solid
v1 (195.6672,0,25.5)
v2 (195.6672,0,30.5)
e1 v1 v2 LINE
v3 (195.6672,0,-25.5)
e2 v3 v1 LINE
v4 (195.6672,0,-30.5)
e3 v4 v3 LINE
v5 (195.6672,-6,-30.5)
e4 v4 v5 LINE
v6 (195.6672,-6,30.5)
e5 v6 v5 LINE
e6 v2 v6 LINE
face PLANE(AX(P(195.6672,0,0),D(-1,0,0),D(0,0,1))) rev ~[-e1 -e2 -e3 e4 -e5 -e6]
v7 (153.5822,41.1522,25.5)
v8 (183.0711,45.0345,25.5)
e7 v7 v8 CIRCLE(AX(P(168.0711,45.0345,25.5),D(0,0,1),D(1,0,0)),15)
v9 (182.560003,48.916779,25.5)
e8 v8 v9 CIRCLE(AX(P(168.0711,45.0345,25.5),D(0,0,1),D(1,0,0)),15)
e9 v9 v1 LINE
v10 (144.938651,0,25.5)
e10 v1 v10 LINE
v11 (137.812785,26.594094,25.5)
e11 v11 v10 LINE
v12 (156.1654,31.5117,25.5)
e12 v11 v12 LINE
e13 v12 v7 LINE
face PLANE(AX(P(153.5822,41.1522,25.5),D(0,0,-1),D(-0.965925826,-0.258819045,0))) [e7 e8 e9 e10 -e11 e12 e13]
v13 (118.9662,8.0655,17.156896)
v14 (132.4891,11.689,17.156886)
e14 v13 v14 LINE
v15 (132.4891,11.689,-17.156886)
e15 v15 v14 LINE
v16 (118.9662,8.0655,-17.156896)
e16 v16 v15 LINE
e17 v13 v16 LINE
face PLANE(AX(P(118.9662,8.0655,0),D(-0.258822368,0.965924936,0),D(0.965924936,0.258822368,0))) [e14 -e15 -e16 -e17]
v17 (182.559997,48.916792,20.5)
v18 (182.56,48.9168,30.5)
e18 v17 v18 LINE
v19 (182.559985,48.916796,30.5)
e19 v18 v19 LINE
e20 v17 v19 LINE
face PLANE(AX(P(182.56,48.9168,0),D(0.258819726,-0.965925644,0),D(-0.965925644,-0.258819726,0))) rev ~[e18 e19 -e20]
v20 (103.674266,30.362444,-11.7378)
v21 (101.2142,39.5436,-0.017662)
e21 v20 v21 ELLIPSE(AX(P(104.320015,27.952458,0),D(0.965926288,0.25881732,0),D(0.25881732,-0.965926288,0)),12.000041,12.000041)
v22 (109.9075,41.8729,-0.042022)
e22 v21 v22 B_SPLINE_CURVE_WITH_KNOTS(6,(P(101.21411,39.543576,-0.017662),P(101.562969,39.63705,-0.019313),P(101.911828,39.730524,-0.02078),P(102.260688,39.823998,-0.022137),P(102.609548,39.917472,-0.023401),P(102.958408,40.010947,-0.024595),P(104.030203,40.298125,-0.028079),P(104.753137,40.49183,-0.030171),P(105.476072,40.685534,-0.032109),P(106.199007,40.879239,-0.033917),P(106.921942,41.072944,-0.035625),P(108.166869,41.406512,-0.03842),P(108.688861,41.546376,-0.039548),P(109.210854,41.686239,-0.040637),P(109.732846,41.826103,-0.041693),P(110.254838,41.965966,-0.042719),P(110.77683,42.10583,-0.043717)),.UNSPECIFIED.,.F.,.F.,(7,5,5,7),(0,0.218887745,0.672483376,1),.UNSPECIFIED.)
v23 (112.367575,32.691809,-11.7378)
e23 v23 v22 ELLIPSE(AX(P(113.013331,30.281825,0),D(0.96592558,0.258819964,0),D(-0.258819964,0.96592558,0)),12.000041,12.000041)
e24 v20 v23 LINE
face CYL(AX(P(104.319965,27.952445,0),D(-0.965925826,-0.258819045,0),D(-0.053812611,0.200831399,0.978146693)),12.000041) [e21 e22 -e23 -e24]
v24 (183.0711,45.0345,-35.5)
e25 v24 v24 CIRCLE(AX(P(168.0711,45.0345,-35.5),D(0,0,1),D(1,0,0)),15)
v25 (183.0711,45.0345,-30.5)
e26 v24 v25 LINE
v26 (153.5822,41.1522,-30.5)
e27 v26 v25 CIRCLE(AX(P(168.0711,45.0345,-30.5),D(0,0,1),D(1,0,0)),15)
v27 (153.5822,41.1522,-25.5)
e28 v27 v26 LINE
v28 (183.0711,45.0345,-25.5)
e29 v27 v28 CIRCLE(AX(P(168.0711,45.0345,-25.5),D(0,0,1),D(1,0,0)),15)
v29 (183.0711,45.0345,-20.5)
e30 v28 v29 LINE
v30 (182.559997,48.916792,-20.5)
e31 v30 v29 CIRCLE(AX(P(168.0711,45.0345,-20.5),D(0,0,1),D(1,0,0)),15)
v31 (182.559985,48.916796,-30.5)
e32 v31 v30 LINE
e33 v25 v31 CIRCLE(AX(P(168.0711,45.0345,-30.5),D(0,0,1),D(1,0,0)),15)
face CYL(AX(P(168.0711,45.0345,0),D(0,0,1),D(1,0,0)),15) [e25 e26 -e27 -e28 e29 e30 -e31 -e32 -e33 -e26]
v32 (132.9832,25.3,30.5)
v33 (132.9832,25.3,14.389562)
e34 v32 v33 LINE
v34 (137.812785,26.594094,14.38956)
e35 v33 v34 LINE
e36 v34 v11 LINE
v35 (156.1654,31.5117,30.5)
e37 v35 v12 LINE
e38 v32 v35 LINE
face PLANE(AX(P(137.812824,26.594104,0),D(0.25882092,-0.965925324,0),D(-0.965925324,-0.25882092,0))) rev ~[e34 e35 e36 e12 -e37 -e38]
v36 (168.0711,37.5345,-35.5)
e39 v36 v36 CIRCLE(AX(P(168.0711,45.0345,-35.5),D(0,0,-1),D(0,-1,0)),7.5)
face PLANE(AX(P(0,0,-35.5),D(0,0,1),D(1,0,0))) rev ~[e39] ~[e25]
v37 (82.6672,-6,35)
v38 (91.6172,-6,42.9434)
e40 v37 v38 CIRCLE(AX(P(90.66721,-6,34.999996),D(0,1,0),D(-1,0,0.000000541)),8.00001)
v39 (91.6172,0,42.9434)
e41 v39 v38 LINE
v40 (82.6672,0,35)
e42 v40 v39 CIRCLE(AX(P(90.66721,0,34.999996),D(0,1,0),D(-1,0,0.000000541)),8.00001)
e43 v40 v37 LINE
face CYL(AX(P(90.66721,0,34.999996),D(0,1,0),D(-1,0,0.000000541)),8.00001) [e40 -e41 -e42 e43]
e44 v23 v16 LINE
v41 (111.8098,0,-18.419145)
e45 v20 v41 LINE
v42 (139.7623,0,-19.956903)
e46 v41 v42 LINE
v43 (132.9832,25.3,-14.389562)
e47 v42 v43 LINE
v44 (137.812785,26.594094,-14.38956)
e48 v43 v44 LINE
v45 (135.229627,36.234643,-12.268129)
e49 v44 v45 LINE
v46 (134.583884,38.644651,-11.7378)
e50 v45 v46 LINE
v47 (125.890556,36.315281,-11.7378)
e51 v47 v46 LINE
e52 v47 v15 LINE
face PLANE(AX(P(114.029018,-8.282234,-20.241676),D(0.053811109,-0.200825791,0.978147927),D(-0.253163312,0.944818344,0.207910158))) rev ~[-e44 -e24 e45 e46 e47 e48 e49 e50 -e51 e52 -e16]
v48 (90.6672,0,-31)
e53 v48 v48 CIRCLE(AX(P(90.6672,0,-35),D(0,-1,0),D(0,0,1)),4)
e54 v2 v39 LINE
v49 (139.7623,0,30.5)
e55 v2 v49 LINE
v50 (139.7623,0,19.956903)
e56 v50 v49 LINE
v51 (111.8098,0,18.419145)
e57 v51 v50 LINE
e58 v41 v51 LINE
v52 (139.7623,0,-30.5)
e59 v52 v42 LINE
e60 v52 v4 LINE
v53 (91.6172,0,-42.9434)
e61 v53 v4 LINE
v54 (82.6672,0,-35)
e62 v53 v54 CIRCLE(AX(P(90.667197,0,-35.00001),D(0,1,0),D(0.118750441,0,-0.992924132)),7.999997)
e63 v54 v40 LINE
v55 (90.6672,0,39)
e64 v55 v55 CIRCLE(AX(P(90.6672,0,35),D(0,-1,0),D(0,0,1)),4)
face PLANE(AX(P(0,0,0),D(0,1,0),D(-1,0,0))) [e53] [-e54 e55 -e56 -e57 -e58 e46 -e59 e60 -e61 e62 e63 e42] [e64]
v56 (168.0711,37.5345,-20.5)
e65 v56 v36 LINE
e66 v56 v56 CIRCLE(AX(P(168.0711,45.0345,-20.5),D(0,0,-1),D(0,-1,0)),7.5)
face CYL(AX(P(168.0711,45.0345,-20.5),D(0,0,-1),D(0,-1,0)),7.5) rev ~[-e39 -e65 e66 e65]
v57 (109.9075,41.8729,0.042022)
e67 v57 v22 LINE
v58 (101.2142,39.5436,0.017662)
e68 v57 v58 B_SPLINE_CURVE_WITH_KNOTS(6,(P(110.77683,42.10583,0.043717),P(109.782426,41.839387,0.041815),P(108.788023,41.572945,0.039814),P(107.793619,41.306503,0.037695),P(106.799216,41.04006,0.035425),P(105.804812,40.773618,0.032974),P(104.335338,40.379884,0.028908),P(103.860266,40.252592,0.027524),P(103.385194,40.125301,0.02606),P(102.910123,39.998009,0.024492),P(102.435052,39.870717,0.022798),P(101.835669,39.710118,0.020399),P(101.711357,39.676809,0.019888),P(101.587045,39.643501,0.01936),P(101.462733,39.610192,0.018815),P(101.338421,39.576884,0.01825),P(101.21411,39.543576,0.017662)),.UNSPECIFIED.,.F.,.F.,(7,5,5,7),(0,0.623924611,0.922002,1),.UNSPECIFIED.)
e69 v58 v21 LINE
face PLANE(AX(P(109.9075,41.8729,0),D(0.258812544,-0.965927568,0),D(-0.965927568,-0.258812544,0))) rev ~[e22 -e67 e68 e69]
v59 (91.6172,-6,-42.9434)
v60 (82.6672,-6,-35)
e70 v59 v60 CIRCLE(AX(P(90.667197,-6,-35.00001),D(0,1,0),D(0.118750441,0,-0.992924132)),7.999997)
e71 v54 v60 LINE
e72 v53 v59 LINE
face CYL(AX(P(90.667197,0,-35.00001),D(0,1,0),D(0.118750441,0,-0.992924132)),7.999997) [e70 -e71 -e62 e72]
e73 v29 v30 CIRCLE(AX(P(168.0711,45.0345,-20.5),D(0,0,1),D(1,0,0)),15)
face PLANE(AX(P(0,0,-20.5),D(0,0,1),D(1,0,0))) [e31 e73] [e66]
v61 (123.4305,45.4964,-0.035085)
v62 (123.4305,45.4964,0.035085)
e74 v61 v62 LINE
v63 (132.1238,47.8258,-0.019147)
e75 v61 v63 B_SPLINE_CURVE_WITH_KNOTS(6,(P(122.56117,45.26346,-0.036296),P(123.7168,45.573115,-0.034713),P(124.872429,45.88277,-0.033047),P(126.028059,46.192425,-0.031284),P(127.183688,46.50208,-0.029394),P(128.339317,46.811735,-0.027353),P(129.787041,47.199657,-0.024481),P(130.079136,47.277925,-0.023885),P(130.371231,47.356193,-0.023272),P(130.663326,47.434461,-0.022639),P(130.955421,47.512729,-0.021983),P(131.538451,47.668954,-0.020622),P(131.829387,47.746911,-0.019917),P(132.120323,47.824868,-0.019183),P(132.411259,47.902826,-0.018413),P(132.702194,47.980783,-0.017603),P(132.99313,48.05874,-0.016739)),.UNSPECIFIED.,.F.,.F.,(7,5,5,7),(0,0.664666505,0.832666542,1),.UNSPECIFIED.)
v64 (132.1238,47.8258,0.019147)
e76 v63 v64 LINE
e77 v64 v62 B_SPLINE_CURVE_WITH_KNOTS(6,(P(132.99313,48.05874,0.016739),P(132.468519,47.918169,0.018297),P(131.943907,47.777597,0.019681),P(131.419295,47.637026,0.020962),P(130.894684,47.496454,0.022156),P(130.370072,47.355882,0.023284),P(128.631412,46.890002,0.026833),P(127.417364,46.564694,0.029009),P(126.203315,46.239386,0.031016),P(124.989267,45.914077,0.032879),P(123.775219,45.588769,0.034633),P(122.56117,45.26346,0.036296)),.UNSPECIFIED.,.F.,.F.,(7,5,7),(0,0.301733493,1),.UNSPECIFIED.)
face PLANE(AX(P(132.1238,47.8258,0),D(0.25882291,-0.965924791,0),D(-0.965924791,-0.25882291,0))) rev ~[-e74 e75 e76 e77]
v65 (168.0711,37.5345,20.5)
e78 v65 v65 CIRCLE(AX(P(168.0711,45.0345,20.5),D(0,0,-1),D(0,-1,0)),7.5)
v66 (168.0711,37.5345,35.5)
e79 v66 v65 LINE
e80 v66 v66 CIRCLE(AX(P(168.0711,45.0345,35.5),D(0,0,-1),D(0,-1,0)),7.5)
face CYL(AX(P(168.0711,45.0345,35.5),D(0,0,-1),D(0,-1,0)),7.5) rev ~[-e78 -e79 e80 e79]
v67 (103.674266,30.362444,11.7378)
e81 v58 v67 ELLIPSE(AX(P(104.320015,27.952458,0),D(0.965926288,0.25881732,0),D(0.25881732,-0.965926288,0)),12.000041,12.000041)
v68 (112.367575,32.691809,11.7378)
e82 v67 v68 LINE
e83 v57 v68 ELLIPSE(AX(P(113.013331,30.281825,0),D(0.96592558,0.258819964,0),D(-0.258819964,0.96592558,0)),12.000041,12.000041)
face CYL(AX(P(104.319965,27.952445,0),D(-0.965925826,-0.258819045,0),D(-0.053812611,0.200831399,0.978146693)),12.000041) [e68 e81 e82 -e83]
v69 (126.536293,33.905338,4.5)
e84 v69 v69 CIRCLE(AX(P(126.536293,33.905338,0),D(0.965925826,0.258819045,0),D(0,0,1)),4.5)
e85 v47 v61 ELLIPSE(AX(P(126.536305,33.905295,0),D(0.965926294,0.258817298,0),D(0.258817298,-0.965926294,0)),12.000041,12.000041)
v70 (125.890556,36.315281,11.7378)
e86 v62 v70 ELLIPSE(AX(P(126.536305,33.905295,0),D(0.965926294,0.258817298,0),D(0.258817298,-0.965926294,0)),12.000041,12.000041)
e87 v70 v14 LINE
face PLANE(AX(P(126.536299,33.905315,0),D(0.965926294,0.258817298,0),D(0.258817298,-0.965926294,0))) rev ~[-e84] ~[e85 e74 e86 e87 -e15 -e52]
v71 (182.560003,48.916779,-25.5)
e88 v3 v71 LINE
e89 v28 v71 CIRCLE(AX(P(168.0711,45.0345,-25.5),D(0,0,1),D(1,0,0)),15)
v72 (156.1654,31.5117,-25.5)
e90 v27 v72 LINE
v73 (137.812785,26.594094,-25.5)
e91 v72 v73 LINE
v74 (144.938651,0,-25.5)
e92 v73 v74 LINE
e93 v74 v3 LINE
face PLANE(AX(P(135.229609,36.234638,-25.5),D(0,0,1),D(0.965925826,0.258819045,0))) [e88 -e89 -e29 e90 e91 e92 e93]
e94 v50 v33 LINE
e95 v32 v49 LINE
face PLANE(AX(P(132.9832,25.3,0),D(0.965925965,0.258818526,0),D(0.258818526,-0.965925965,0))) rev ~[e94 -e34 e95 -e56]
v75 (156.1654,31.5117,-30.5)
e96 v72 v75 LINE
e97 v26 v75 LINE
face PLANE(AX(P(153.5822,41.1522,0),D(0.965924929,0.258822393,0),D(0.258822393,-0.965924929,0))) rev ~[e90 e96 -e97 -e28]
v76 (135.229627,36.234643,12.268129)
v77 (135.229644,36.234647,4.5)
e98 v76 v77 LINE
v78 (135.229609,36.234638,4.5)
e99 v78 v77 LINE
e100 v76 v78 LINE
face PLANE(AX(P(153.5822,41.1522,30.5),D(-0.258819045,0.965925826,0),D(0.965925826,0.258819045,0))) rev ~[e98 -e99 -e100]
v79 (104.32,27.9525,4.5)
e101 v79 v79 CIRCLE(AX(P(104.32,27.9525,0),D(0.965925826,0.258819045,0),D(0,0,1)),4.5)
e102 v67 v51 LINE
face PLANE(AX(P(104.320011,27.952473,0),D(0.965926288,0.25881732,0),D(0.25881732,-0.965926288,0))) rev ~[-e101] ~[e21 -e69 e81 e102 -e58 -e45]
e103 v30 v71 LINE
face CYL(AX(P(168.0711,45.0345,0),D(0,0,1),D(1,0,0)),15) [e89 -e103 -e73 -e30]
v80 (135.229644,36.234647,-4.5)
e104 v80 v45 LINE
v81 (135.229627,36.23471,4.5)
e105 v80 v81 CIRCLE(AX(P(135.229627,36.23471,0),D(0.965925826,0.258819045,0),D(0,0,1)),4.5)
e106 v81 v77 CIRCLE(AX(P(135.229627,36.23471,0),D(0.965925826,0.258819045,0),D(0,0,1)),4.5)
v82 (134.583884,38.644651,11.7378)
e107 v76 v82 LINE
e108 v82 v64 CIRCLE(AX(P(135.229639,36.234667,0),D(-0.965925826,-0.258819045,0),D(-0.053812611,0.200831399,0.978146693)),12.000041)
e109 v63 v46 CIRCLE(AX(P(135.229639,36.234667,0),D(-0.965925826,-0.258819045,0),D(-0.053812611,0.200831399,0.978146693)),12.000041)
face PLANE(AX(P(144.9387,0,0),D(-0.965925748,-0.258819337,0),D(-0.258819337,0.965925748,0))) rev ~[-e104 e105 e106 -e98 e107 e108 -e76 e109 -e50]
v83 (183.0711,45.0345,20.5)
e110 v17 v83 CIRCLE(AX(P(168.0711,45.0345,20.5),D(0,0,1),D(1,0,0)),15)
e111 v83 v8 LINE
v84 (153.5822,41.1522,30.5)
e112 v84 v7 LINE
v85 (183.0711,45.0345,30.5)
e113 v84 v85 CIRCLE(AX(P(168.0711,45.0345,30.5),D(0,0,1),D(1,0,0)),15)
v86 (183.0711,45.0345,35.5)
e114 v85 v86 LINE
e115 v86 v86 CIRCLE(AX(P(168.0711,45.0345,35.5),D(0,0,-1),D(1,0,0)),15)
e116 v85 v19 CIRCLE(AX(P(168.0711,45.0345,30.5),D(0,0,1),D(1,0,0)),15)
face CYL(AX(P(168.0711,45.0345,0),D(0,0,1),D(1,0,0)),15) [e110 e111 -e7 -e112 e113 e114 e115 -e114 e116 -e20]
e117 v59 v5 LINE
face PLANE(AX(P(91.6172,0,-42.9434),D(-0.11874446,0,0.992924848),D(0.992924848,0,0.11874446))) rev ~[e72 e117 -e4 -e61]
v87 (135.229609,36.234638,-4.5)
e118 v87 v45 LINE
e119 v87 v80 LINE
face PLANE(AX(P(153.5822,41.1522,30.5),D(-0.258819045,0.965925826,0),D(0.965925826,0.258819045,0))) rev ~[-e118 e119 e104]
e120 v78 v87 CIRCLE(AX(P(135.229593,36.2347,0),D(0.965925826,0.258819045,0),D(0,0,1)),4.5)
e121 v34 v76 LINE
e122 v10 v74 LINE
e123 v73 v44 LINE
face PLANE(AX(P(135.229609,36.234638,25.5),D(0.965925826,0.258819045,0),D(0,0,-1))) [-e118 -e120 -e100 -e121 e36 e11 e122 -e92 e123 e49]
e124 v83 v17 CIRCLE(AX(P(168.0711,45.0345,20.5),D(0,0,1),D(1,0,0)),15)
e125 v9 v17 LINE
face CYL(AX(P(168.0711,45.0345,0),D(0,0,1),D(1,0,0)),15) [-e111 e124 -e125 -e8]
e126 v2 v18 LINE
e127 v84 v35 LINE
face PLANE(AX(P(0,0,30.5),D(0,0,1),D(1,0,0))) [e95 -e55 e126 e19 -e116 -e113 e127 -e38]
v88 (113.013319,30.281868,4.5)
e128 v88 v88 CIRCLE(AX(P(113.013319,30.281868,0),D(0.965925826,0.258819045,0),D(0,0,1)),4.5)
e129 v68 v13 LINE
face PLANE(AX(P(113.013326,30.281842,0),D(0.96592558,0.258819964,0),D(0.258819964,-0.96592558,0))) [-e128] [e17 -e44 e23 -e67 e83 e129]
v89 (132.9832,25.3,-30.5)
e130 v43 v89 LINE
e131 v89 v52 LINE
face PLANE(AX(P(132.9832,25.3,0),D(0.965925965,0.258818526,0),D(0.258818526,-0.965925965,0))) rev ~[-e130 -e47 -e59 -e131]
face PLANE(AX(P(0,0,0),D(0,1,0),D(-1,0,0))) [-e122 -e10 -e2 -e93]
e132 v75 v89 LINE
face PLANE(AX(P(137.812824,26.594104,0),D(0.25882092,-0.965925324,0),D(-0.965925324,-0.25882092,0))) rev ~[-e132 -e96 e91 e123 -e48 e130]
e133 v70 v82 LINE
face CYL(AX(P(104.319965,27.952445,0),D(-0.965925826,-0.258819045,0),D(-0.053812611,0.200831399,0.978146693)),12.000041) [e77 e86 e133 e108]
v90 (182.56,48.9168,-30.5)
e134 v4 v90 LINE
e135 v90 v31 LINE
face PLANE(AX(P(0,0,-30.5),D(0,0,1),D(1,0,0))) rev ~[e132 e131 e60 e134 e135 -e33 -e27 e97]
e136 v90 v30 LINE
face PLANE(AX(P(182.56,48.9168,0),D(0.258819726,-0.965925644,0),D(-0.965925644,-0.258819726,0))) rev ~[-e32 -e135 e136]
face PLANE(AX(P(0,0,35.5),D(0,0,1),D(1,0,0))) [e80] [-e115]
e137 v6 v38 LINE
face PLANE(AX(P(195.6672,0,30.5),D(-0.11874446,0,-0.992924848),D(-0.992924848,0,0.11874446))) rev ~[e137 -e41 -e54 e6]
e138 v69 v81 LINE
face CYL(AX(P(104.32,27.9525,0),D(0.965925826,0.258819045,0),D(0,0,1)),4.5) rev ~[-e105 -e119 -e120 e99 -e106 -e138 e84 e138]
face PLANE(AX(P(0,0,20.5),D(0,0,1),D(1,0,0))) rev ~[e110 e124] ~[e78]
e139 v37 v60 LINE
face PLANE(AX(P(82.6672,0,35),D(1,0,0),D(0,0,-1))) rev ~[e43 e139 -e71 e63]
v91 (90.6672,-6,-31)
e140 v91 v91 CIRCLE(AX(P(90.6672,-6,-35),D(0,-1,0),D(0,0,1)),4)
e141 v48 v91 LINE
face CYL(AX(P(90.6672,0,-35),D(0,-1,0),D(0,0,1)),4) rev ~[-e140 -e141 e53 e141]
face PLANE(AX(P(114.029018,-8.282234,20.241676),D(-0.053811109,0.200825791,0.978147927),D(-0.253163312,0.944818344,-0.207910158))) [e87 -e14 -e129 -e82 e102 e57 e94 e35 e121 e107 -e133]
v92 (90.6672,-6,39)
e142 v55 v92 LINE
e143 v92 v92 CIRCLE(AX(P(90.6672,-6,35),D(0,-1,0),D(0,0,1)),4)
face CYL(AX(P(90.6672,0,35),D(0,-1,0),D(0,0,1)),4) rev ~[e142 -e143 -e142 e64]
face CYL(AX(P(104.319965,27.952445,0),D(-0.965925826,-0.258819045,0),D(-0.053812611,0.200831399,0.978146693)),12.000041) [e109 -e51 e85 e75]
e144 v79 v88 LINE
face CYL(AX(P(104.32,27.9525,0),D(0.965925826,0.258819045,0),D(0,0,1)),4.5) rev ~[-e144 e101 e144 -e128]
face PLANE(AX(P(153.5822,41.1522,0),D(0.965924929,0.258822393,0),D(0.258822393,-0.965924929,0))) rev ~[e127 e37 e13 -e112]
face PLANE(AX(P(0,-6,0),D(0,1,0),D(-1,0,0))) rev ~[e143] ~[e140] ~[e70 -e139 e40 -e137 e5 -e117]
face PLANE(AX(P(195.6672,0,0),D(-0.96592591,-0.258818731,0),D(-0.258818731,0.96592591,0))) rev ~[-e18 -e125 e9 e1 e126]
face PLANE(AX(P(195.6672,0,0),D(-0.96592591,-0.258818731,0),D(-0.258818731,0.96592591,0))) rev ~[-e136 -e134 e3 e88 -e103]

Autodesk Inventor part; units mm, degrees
ref_plane "YZ Plane" through (0, 0, 0) normal (1, 0, 0) x (0, 1, 0)
ref_plane "XZ Plane" through (0, 0, 0) normal (0, 1, 0) x (-1, 0, 0)
ref_plane "XY Plane" through (0, 0, 0) normal (0, 0, 1) x (1, 0, 0)
sketch "Sketch1" plane through (0, 0, 0) normal (0, 0, 1) x (1, 0, 0)
  line L0 (-28.9877, 0) -> (173.9264, 0) projected
  line L1 (-29.4372, -7.8877) -> (176.6233, 47.3261) projected
  line L2 (101.2142, 39.5436) -> (111.8098, 0)
  line L3 (111.8098, 0) -> (144.9387, 0)
  line L4 (144.9387, 0) -> (132.1238, 47.8258)
  line L5 (132.1238, 47.8258) -> (123.4305, 45.4964)
  line L6 (123.4305, 45.4964) -> (132.4891, 11.689)
  line L7 (109.9075, 41.8729) -> (118.9662, 8.0655)
  line L8 (118.9662, 8.0655) -> (132.4891, 11.689)
  line L9 (109.9075, 41.8729) -> (101.2142, 39.5436)
  point P0 (0, 0)
  point P1 (132.0574, 26.729)
  point P2 (96.5926, 25.8819)
  dimension "d0" = 12
  dimension "d1" = 9
  dimension "d2" = 14
  dimension "d3" = 9
  dimension "d4" = 35
  dimension "d5" = 117
extrude "Extrusion1" add sketch "Sketch1" along normal mid plane 50 contours L2 L1 L7 L8 L6 L4 L0 | L2 L9 L7 L1 | L1 L6 L5 L4
sketch "Sketch3" plane through (111.8098, 0, -25) normal (-0.9659, -0.2588, 0) x (0, 0, 1)
  line L0 (25, 64.8401) -> (25, -46.4712) projected
  line L1 (50, 40.9385) -> (0, 40.9385) projected
  line L2 (50, -8.5744) -> (0, -8.5744) projected
  line L3 (50, 40.9385) -> (0, 40.9385) projected
  line L4 (1.57, -23.5744) -> (48.43, -23.5744)
  line L5 (1.57, -23.5744) -> (13.2622, 31.4335)
  line L6 (48.43, -23.5744) -> (36.7378, 31.4335)
  arc A0 (36.7378, 31.4335) -> (13.2622, 31.4335) centre (25, 28.9385) ccw
  dimension "d8" = 12
  dimension "d9" = 78
  dimension "d10" = 78
  dimension "d12" = 15
extrude "Extrusion2" cut sketch "Sketch3" against normal through all keep common part
sketch "Sketch4" plane through (0, 0, 0) normal (0, 0, 1) x (1, 0, 0)
  point P0 (0, 0)
sketch "Sketch5" plane through (0, 0, 0) normal (0, 0, 1) x (1, 0, 0)
  point P0 (0, 0)
sketch "Sketch6" plane through (0, 0, 0) normal (0, 0, 1) x (1, 0, 0)
  line L0 (-28.9877, 0) -> (173.9264, 0) projected
  point P0 (0, 0)
sketch "Sketch7" plane through (0, 0, 0) normal (0, 0, 1) x (1, 0, 0)
  line L0 (-28.9877, 0) -> (173.9264, 0) projected
  line L1 (-29.4372, -7.8877) -> (176.6233, 47.3261) projected
  line L2 (132.9832, 25.3) -> (139.7623, 0)
  line L3 (139.7623, 0) -> (195.6672, 0)
  line L4 (195.6672, 0) -> (182.56, 48.9168)
  line L5 (182.56, 48.9168) -> (153.5822, 41.1522)
  line L6 (153.5822, 41.1522) -> (156.1654, 31.5117)
  line L7 (156.1654, 31.5117) -> (132.9832, 25.3)
  line L8 (134.5839, 38.6446) -> (144.9387, 0) projected
  line L9 (132.1238, 47.8258) -> (134.5839, 38.6446) projected
  point P0 (0, 0)
  dimension "d15" = 5
  dimension "d16" = 49
  dimension "d17" = 30
  dimension "d18" = 25.3
extrude "Extrusion3" add sketch "Sketch7" along normal mid plane 61 contours L2 L7 L8 L0 | L8 L7 L6 L1 L5 L4 L3 L0
sketch "Sketch8" plane through (153.5822, 41.1522, 30.5) normal (-0.2588, 0.9659, 0) x (0.9659, 0.2588, 0)
  line L0 (-19, 56) -> (35, 56)
  line L1 (35, 56) -> (35, 5)
  line L2 (35, 5) -> (-19, 5)
  line L3 (-19, 5) -> (-19, 56)
  line L4 (0, 61) -> (30, 61) projected
  line L5 (30, 61) -> (30, 0) projected
  line L6 (30, 0) -> (0, 0) projected
  line L7 (0, 61) -> (0, 0) projected
  line L8 (-24, 0) -> (-24, 16.1105) projected
  line L9 (-24, 61) -> (0, 61) projected
  point P0 (-159, 30.5)
  dimension "d23" = 5
  dimension "d25" = 5
  dimension "d26" = 5
  dimension "d28" = 5
extrude "Extrusion4" cut sketch "Sketch8" against normal through all contours L0 L7 L2 L3 | L0 L5 L2 L7 | L0 L1 L2 L5
sketch "Sketch9" plane through (0, 0, 0) normal (0, 0, 1) x (1, 0, 0)
  line L0 (153.5822, 41.1522) -> (182.56, 48.9168) projected
  line L1 (182.56, 48.9168) -> (195.6672, 0) projected
  line L2 (-39.5137, -10.5877) -> (237.0823, 63.526) projected
  line L3 (195.6672, 0) -> (182.56, 48.9168) projected
  line L4 (182.56, 48.9168) -> (153.5822, 41.1522) projected
  circle A0 centre (168.0711, 45.0345) radius 15
  point P0 (0, 0)
  dimension "d81" = 30
extrude "Extrusion5" add sketch "Sketch9" along normal mid plane 71
sketch "Sketch11" plane through (0, 0, 0) normal (0, 0, 1) x (1, 0, 0)
  circle A0 centre (168.0711, 45.0345) radius 19.5
  circle A1 centre (168.0711, 45.0345) radius 15 projected
  point P0 (0, 0)
  dimension "d36" = 39
extrude "Extrusion6" cut sketch "Sketch11" along normal mid plane 41 contours A0 | A1
sketch "Sketch12" plane through (0, 0, 0) normal (0, 1, 0) x (-1, 0, 0)
  line L0 (-234.8006, 0) -> (39.1334, 0) projected
  line L1 (-195.6672, -30.5) -> (-195.6672, 30.5)
  line L2 (-195.6672, 30.5) -> (-91.6172, 42.9434)
  line L3 (-82.6672, 35) -> (-82.6672, -35)
  line L4 (-91.6172, -42.9434) -> (-195.6672, -30.5)
  arc A0 (-91.6172, -42.9434) -> (-82.6672, -35) centre (-90.6672, -35) ccw
  arc A1 (-82.6672, 35) -> (-91.6172, 42.9434) centre (-90.6672, 35) ccw
  point P0 (0, 0)
  dimension "d39" = 8
  dimension "d40" = 8
  dimension "d41" = 113
  dimension "d42" = 70
  dimension "d43" = 35
extrude "Extrusion7" add sketch "Sketch12" against normal blind 6
sketch "Sketch14" plane through (168.0711, 45.0345, -20.5) normal (0, 0, 1) x (1, 0, 0)
  circle A0 centre (0, 0) radius 15 projected
  point P0 (-168.0711, -45.0345)
hole "Hole1" at (168.0711, 45.0345, -20.5) direction (0, 0, -1) diameter 15 end through all
sketch "Sketch15" plane through (168.0711, 45.0345, 35.5) normal (0, 0, 1) x (1, 0, 0)
  circle A0 centre (0, 0) radius 15 projected
  point P0 (-168.0711, -45.0345)
hole "Hole2" at (168.0711, 45.0345, 35.5) direction (0, 0, -1) diameter 15 end through all
sketch "Sketch16" plane through (0, 0, 0) normal (0, 1, 0) x (1, 0, 0)
  arc A0 (91.6172, 42.9434) -> (82.6672, 35) centre (90.6672, 35) ccw projected
  point P0 (0, 0)
hole "Hole3" at (90.6672, 0, -35) direction (0, -1, 0) diameter 8 end through all
sketch "Sketch17" plane through (0, 0, 0) normal (0, 1, 0) x (1, 0, 0)
  arc A0 (82.6672, -35) -> (91.6172, -42.9434) centre (90.6672, -35) ccw projected
  point P0 (0, 0)
hole "Hole4" at (90.6672, 0, 35) direction (0, -1, 0) diameter 8 end through all
sketch "Sketch18" plane through (104.32, 27.9525, 0) normal (-0.9659, -0.2588, 0) x (0, 0, 1)
  arc A0 (11.7378, 2.4949) -> (-11.7378, 2.4949) centre (0, 0) ccw projected
  point P0 (0, 0)
hole "Hole5" at (104.32, 27.9525, 0) direction (0.9659, 0.2588, 0) diameter 9 end through all
equation "\"d81\" = d17"
equation "\"d36\" = 1.3 * d17"
equation "\"d43\" = 0.5 * d42"
properties part number "Reper" material "Steel, Carbon"
